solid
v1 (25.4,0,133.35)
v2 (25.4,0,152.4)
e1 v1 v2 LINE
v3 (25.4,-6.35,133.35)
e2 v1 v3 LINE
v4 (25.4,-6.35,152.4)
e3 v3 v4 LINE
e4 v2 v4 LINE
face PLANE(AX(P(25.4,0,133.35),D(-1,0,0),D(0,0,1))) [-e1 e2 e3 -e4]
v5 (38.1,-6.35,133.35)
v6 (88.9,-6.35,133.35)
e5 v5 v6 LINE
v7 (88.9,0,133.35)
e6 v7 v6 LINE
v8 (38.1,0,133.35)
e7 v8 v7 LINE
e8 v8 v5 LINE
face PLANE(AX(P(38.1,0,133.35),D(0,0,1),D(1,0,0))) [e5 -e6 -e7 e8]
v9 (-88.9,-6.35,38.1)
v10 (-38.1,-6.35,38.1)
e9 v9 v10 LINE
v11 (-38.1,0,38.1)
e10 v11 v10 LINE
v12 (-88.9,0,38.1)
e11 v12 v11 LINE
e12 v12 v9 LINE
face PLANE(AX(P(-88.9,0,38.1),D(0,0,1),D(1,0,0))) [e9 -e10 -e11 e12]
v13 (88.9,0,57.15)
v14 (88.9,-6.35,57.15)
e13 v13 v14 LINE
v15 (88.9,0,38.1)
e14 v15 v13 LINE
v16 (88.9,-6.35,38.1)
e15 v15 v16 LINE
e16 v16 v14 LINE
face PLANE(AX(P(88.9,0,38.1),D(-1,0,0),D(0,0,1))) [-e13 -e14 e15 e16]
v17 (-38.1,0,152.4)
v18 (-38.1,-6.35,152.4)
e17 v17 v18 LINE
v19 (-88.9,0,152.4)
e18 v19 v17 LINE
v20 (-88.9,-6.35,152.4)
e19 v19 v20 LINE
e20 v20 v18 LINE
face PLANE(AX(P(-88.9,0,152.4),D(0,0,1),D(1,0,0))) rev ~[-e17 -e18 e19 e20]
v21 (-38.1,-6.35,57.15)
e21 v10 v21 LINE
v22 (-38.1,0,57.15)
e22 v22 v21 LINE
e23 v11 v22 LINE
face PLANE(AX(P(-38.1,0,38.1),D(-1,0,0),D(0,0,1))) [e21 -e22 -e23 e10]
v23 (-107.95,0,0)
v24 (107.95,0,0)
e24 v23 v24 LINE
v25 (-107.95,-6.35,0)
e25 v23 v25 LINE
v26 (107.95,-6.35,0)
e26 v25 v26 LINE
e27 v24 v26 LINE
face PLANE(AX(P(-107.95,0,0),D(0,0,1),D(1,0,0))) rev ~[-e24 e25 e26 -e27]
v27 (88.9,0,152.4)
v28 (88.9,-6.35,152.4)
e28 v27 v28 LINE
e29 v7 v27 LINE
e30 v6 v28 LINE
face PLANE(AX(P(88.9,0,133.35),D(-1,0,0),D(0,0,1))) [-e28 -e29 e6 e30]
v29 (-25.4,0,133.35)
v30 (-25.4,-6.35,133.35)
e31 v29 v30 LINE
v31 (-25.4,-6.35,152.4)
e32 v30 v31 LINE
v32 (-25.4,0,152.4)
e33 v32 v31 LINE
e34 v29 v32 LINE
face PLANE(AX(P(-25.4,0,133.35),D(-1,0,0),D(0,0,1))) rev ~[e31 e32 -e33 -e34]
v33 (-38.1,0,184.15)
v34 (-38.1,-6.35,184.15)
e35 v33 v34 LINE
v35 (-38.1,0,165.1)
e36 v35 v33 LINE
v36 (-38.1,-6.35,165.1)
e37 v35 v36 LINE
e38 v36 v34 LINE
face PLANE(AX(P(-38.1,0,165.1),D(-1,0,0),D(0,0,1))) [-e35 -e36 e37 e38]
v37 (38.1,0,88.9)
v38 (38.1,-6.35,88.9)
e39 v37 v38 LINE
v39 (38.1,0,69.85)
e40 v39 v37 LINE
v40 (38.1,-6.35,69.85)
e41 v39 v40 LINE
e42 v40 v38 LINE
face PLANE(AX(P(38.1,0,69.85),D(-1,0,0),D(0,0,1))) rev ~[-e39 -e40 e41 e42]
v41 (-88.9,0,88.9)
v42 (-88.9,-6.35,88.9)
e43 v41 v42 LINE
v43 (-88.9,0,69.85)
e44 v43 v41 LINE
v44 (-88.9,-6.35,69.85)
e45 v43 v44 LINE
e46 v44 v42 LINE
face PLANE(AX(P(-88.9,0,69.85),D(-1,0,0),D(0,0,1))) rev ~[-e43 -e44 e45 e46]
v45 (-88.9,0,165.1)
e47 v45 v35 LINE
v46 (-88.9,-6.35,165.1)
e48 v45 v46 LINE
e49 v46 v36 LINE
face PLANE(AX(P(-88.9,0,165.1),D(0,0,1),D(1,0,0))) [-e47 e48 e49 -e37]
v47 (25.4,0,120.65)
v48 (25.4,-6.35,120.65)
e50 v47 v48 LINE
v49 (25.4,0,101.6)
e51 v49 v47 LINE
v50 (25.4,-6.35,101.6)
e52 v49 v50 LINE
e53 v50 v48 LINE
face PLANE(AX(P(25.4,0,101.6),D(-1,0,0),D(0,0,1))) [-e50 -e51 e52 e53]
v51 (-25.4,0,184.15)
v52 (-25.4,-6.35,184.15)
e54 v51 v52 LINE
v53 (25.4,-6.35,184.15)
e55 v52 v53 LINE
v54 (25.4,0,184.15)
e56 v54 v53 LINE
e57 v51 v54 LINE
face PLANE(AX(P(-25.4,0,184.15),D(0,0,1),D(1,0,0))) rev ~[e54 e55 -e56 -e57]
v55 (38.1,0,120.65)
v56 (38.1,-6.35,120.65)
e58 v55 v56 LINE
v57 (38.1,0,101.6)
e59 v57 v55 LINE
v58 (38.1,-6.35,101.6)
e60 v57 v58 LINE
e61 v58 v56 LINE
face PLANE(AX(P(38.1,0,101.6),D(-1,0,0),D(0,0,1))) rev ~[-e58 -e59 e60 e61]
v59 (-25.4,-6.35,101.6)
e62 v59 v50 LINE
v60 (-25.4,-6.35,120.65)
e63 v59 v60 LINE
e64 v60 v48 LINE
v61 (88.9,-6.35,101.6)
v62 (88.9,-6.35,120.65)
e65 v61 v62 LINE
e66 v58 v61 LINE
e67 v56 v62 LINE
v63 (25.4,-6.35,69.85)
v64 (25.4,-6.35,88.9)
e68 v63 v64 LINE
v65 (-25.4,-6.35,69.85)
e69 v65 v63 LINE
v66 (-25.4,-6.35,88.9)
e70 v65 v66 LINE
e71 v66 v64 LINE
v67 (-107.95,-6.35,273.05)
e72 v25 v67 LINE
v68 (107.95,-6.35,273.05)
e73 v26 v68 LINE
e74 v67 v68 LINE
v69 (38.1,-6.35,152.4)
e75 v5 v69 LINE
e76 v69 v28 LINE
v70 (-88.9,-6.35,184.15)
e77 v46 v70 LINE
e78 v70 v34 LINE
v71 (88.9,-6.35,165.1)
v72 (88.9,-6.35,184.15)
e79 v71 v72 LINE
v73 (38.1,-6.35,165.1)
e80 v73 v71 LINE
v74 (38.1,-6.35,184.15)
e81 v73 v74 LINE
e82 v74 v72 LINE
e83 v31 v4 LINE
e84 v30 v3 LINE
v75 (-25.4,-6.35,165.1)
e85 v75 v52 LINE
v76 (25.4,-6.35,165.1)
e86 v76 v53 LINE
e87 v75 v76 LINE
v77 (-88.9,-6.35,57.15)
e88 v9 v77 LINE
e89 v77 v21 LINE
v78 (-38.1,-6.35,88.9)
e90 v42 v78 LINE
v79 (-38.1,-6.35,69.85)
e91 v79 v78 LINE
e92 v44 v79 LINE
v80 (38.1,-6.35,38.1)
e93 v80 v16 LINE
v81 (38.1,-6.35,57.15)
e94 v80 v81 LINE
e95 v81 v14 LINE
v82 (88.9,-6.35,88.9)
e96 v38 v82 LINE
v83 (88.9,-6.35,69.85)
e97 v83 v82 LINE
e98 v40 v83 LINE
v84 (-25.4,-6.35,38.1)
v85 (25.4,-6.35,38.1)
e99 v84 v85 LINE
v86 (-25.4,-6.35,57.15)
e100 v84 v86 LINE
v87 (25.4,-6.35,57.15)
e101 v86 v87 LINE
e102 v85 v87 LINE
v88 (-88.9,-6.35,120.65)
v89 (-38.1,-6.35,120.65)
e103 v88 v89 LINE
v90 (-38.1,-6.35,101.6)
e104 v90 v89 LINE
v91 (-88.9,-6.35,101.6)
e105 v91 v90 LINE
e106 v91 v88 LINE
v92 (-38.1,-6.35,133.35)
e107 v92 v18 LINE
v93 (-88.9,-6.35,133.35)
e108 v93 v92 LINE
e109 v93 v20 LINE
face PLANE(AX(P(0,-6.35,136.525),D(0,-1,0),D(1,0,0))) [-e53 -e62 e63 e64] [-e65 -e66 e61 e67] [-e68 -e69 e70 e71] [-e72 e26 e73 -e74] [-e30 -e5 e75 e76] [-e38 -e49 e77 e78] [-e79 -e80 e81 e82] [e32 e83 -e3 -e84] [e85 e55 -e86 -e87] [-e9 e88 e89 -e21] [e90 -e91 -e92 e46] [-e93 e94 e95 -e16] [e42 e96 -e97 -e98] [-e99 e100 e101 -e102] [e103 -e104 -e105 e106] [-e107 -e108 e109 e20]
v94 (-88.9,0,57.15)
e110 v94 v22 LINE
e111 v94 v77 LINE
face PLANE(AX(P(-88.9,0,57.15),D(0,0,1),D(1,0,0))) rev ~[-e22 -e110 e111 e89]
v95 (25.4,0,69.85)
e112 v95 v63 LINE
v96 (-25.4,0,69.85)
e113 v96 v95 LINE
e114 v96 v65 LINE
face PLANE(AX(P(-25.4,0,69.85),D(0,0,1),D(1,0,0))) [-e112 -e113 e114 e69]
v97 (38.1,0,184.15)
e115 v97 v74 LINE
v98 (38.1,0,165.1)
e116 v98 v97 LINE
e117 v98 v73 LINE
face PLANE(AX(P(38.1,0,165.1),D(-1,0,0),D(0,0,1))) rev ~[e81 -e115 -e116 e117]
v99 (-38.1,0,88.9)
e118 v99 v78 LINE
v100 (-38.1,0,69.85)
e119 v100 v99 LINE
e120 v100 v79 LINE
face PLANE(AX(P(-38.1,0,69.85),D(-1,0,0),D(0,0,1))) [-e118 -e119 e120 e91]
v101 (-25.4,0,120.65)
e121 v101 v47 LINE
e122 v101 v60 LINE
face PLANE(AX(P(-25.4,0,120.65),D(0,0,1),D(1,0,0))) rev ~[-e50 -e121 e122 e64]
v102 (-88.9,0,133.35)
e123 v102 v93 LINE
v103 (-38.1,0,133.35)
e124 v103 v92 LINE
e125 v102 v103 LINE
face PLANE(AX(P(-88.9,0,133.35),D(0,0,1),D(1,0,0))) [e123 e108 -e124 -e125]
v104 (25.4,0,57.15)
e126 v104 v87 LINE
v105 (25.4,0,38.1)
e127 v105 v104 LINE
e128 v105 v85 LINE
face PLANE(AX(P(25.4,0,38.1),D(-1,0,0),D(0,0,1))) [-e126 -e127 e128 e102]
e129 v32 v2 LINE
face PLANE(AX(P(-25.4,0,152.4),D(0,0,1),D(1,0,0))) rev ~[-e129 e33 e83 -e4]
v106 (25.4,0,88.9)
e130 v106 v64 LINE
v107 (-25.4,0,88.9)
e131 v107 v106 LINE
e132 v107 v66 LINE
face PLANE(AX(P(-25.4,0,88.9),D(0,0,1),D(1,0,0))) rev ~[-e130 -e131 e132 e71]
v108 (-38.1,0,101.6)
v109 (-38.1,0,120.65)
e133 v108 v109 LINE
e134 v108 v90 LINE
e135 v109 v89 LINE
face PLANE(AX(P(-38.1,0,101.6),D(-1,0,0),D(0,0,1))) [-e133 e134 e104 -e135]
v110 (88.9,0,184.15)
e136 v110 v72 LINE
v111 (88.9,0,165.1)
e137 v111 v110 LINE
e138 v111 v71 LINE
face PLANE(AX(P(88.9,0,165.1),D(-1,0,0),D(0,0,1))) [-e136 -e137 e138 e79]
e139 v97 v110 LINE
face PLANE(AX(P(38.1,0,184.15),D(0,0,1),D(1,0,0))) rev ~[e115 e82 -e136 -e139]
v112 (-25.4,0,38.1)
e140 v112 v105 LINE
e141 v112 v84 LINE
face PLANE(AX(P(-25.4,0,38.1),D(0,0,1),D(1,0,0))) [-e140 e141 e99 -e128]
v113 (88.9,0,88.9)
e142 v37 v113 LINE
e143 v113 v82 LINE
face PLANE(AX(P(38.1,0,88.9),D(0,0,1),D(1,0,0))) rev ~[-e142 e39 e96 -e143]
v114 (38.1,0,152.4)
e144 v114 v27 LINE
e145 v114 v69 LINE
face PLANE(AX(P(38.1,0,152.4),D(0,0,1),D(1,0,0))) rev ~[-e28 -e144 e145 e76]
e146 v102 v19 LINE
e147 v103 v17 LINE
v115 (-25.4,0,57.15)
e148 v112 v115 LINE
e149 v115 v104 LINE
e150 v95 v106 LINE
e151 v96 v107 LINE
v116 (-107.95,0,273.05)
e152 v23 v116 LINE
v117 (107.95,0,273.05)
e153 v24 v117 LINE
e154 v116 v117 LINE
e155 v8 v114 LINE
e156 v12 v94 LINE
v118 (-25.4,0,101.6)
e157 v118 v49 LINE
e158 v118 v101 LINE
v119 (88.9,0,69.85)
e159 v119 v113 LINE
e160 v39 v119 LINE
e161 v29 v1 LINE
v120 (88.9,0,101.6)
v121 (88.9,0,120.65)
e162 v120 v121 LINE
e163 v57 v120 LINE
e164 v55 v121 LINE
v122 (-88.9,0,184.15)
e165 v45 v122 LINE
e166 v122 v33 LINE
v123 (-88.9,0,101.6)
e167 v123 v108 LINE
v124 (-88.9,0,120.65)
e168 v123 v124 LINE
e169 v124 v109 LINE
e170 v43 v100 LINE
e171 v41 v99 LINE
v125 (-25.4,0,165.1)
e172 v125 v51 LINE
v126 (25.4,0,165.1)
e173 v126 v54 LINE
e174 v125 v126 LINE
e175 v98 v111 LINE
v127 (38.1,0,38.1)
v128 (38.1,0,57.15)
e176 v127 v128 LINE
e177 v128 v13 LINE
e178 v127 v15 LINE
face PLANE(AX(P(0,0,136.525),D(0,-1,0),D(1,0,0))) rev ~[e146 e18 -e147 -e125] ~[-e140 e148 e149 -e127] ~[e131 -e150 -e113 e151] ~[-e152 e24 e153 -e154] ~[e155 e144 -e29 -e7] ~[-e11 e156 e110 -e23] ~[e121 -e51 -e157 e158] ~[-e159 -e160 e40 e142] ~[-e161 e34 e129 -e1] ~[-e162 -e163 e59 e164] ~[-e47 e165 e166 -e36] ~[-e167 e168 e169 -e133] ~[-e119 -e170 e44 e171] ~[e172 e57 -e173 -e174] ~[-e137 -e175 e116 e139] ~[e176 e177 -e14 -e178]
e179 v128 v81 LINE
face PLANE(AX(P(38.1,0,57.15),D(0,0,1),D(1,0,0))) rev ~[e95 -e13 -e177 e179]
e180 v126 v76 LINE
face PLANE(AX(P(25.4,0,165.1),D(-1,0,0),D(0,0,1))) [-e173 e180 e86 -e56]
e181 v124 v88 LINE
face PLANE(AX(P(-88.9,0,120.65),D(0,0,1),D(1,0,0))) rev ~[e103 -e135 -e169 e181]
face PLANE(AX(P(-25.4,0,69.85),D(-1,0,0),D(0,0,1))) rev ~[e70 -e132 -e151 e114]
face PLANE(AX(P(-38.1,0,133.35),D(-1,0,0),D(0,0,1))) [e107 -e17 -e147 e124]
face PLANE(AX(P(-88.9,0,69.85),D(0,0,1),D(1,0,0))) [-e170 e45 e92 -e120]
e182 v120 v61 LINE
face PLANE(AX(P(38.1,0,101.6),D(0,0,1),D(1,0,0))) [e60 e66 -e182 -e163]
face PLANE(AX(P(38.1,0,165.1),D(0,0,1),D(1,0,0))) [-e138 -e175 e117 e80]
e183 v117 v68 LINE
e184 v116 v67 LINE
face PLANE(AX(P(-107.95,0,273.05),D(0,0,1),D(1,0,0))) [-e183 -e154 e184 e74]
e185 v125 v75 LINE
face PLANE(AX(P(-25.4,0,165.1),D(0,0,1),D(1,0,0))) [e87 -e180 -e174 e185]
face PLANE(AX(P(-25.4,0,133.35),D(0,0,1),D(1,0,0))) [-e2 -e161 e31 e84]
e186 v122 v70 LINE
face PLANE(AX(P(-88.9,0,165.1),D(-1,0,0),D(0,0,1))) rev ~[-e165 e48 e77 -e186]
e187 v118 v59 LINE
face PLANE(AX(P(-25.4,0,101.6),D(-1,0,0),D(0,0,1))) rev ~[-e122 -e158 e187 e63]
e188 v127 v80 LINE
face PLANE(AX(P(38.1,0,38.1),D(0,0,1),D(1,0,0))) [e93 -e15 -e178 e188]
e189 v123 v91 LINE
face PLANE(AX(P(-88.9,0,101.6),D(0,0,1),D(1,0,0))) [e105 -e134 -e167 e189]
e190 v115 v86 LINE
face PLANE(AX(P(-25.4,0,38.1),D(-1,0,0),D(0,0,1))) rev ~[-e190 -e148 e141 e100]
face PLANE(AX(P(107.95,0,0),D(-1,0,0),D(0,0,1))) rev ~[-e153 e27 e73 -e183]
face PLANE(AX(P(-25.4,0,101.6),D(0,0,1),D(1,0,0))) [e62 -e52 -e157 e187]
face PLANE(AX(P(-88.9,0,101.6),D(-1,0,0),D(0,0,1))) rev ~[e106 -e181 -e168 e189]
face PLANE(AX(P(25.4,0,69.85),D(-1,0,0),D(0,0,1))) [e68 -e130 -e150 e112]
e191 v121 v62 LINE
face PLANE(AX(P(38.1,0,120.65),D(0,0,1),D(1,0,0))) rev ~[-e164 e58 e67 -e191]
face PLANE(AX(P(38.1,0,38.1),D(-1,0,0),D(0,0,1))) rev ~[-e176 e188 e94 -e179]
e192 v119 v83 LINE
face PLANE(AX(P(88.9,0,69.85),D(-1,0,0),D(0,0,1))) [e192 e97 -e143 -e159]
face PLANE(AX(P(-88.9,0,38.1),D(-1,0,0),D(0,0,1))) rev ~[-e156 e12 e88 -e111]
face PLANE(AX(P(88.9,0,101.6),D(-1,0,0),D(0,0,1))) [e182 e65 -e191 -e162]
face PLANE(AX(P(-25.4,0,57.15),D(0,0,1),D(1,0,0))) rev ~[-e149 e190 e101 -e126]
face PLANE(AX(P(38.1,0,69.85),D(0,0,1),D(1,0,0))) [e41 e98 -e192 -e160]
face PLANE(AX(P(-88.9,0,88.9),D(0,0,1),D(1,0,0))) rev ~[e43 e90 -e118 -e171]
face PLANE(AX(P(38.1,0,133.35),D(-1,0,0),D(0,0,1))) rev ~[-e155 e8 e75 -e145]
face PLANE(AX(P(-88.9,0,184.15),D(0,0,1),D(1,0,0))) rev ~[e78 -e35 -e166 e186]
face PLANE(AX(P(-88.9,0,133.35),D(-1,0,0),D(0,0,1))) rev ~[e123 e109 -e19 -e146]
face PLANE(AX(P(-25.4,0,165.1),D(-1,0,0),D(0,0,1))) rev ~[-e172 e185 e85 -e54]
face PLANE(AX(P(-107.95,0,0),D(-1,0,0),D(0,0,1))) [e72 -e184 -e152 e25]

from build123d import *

# Parameters (mm, degrees)
F0_W     = 215.9
F0_H     = 273.05
F0_W_2   = 50.8
F0_H_2   = 19.05
F1_DEPTH = 6.35


with BuildPart() as f1:
    # F0 (on Front) → F1 (new body)
    with BuildSketch(Plane.XZ):
        with Locations((0, 136.525)):
            Rectangle(F0_W, F0_H)
        with Locations((-63.5, 47.625)):
            Rectangle(F0_W_2, F0_H_2, mode=Mode.SUBTRACT)
        with Locations((-63.5, 79.375)):
            Rectangle(F0_W_2, F0_H_2, mode=Mode.SUBTRACT)
        with Locations((-63.5, 111.125)):
            Rectangle(F0_W_2, F0_H_2, mode=Mode.SUBTRACT)
        with Locations((0, 47.625)):
            Rectangle(F0_W_2, F0_H_2, mode=Mode.SUBTRACT)
        with Locations((63.5, 47.625)):
            Rectangle(F0_W_2, F0_H_2, mode=Mode.SUBTRACT)
        with Locations((0, 79.375)):
            Rectangle(F0_W_2, F0_H_2, mode=Mode.SUBTRACT)
        with Locations((0, 111.125)):
            Rectangle(F0_W_2, F0_H_2, mode=Mode.SUBTRACT)
        with Locations((63.5, 79.375)):
            Rectangle(F0_W_2, F0_H_2, mode=Mode.SUBTRACT)
        with Locations((63.5, 111.125)):
            Rectangle(F0_W_2, F0_H_2, mode=Mode.SUBTRACT)
        with Locations((-63.5, 142.875)):
            Rectangle(F0_W_2, F0_H_2, mode=Mode.SUBTRACT)
        with Locations((-63.5, 174.625)):
            Rectangle(F0_W_2, F0_H_2, mode=Mode.SUBTRACT)
        with Locations((0, 142.875)):
            Rectangle(F0_W_2, F0_H_2, mode=Mode.SUBTRACT)
        with Locations((0, 174.625)):
            Rectangle(F0_W_2, F0_H_2, mode=Mode.SUBTRACT)
        with Locations((63.5, 142.875)):
            Rectangle(F0_W_2, F0_H_2, mode=Mode.SUBTRACT)
        with Locations((63.5, 174.625)):
            Rectangle(F0_W_2, F0_H_2, mode=Mode.SUBTRACT)
    extrude(amount=F1_DEPTH)


solid = f1.part
